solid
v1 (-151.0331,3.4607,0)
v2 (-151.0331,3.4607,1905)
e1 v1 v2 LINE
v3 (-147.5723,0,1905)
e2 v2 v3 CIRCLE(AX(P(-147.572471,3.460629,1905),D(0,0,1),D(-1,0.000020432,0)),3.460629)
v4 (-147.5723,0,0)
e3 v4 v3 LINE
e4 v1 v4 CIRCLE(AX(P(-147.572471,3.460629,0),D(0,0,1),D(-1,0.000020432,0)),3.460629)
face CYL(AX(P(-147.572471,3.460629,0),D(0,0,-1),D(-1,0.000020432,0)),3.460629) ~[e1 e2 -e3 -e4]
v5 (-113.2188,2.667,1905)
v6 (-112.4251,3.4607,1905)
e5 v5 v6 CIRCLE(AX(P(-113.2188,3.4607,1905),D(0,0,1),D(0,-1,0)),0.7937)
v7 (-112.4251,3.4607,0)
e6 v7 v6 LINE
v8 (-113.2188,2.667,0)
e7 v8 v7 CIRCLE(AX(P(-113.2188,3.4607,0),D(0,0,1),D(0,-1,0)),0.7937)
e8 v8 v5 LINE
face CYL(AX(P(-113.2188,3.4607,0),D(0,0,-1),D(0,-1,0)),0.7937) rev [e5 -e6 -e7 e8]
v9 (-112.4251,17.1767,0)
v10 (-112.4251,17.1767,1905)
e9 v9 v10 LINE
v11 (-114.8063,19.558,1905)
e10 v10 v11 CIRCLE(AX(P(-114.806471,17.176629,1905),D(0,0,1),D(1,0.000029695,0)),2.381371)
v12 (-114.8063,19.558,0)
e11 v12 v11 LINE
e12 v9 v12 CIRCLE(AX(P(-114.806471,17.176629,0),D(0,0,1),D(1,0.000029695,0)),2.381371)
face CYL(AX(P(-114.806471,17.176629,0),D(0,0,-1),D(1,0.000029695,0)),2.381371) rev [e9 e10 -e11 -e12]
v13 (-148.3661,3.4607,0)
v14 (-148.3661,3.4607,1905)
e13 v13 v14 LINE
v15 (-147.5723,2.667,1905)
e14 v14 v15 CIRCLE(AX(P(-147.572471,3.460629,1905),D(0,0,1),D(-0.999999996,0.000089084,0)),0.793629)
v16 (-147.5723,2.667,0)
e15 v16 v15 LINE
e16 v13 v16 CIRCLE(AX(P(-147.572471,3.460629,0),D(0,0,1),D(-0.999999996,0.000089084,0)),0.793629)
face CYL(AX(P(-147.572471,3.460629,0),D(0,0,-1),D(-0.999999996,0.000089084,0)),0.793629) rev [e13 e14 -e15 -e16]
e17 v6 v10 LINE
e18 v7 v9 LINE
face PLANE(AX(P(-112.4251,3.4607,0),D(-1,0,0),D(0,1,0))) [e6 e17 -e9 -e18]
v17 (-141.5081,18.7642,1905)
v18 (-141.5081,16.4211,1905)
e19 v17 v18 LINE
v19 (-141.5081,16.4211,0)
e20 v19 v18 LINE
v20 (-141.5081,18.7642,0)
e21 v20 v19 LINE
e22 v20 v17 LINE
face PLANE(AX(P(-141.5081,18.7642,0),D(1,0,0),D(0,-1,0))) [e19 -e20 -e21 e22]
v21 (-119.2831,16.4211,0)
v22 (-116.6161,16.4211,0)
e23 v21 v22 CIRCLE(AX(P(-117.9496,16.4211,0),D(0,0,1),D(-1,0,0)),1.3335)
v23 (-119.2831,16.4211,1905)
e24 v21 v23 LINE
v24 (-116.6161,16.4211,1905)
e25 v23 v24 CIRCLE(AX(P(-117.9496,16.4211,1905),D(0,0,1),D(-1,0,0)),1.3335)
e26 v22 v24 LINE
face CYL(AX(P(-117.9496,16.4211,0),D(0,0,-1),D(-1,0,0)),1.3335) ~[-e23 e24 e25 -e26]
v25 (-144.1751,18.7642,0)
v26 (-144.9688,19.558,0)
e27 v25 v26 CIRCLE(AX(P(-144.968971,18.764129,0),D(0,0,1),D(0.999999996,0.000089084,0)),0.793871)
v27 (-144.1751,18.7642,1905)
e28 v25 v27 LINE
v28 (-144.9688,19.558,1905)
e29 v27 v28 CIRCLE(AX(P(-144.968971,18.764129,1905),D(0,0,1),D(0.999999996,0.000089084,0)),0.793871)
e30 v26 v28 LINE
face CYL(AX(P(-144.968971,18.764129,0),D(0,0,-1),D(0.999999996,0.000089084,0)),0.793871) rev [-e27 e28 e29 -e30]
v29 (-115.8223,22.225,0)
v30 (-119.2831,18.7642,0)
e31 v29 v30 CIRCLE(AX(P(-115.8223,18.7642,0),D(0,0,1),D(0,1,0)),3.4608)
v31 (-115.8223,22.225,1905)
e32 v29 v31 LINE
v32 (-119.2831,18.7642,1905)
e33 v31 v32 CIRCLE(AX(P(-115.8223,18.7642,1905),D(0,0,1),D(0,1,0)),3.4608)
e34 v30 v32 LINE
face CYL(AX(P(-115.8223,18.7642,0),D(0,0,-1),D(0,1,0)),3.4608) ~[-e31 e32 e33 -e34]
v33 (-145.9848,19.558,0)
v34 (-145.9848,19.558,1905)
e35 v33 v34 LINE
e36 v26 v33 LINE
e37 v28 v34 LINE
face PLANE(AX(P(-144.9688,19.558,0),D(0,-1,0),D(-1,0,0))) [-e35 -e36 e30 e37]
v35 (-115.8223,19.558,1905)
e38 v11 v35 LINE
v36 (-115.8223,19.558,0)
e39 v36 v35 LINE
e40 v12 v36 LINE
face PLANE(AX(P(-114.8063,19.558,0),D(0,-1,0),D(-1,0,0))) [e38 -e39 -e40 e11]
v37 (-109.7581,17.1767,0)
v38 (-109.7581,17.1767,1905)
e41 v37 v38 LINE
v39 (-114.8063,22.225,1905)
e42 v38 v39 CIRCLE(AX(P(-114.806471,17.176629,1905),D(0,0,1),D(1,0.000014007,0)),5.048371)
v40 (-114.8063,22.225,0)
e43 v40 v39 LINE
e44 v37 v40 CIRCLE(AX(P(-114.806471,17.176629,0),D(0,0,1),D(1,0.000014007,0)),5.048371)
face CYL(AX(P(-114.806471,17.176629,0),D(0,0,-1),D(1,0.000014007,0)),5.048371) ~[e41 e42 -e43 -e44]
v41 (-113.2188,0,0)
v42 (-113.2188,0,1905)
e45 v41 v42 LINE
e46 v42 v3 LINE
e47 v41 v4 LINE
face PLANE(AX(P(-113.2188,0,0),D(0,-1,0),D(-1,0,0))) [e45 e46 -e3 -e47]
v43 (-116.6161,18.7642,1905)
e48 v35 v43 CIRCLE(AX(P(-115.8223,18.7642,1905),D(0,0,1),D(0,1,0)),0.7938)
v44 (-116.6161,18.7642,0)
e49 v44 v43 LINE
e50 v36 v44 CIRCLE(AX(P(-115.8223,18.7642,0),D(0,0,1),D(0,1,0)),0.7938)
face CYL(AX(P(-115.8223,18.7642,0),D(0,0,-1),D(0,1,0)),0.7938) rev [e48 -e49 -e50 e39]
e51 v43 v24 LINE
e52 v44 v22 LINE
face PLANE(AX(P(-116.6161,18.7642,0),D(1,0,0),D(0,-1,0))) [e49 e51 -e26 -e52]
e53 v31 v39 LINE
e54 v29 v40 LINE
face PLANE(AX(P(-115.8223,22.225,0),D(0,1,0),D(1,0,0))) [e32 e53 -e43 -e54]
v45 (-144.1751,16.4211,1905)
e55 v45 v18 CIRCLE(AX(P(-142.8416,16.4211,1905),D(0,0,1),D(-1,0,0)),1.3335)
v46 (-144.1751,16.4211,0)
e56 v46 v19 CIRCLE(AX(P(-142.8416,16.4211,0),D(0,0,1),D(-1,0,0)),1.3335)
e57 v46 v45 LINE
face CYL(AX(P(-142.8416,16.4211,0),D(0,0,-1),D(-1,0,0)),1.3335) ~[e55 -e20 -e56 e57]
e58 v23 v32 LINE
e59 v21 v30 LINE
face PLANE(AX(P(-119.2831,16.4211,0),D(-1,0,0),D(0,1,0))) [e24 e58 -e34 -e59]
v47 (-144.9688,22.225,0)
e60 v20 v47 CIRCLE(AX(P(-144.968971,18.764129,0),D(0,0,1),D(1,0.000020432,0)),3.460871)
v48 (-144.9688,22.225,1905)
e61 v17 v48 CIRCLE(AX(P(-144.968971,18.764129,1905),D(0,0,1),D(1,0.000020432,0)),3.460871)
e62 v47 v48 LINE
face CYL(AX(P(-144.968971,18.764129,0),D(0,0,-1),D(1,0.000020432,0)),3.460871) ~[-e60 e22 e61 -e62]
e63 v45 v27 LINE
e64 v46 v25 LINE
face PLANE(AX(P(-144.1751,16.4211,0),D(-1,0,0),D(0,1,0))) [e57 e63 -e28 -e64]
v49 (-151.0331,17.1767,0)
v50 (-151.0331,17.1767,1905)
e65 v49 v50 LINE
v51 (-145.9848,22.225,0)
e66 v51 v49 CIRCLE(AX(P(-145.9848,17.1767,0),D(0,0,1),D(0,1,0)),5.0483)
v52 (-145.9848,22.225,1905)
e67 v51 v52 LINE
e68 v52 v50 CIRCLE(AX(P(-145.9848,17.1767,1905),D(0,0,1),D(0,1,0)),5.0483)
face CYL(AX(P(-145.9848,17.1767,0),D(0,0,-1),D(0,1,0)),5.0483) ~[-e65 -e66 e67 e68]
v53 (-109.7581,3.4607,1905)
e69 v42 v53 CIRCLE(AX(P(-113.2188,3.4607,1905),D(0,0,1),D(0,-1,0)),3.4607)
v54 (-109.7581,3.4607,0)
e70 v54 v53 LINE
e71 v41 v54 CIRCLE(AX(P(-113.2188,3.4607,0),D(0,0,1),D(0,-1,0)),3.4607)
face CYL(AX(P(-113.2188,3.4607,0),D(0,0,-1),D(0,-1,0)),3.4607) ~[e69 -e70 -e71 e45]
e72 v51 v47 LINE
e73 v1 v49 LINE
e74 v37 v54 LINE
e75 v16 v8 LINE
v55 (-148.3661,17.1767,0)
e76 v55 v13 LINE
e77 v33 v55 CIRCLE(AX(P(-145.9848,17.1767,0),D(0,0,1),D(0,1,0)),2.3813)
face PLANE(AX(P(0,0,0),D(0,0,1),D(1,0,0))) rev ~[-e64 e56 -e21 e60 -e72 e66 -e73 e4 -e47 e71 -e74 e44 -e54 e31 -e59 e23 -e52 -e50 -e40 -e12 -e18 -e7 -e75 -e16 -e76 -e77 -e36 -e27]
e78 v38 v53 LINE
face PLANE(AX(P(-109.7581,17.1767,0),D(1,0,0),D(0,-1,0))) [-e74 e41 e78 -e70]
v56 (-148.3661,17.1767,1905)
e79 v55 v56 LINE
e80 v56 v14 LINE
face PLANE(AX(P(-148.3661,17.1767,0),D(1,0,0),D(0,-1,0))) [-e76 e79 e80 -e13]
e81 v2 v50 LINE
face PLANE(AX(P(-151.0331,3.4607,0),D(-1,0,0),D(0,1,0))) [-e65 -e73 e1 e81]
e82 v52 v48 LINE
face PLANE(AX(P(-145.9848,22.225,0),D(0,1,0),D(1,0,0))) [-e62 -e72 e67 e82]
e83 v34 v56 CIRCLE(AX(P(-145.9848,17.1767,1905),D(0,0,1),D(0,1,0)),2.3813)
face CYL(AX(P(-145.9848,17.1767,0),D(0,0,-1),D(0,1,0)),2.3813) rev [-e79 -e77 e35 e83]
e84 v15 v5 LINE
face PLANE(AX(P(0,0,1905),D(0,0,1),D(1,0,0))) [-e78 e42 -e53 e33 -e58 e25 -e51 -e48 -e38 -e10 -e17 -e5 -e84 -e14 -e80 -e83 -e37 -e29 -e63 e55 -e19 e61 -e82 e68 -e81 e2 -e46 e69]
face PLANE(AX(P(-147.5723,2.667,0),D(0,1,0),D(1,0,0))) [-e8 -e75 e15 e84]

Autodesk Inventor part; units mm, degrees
ref_plane "YZ Plane" through (0, 0, 0) normal (1, 0, 0) x (0, 1, 0)
ref_plane "XZ Plane" through (0, 0, 0) normal (0, 1, 0) x (-1, 0, 0)
ref_plane "Work Plane1" through (0, 0, 0) normal (0, 0, 1) x (1, 0, 0)
sketch "Sketch1" plane through (0, 0, 0) normal (0, 0, 1) x (1, 0, 0)
  arc A0 (-113.2188, 0) -> (-109.7581, 3.4607) centre (-113.2188, 3.4607) ccw projected
  line L0 (-109.7581, 17.1767) -> (-109.7581, 3.4607) projected
  arc A1 (-109.7581, 17.1767) -> (-114.8063, 22.225) centre (-114.8063, 17.1767) ccw projected
  line L1 (-115.8223, 22.225) -> (-114.8063, 22.225) projected
  arc A2 (-115.8223, 22.225) -> (-119.2831, 18.7642) centre (-115.8223, 18.7642) ccw projected
  line L2 (-119.2831, 16.4211) -> (-119.2831, 18.7642) projected
  arc A3 (-119.2831, 16.4211) -> (-116.6161, 16.4211) centre (-117.9496, 16.4211) ccw projected
  line L3 (-116.6161, 18.7642) -> (-116.6161, 16.4211) projected
  arc A4 (-115.8223, 19.558) -> (-116.6161, 18.7642) centre (-115.8223, 18.7642) ccw projected
  line L4 (-114.8063, 19.558) -> (-115.8223, 19.558) projected
  arc A5 (-112.4251, 17.1767) -> (-114.8063, 19.558) centre (-114.8063, 17.1767) ccw projected
  line L5 (-112.4251, 3.4607) -> (-112.4251, 17.1767) projected
  arc A6 (-113.2188, 2.667) -> (-112.4251, 3.4607) centre (-113.2188, 3.4607) ccw projected
  line L6 (-147.5723, 2.667) -> (-113.2188, 2.667) projected
  arc A7 (-148.3661, 3.4607) -> (-147.5723, 2.667) centre (-147.5723, 3.4607) ccw projected
  line L7 (-148.3661, 17.1767) -> (-148.3661, 3.4607) projected
  arc A8 (-145.9848, 19.558) -> (-148.3661, 17.1767) centre (-145.9848, 17.1767) ccw projected
  line L8 (-144.9688, 19.558) -> (-145.9848, 19.558) projected
  arc A9 (-144.1751, 18.7642) -> (-144.9688, 19.558) centre (-144.9688, 18.7642) ccw projected
  line L9 (-144.1751, 16.4211) -> (-144.1751, 18.7642) projected
  arc A10 (-144.1751, 16.4211) -> (-141.5081, 16.4211) centre (-142.8416, 16.4211) ccw projected
  line L10 (-141.5081, 18.7642) -> (-141.5081, 16.4211) projected
  arc A11 (-141.5081, 18.7642) -> (-144.9688, 22.225) centre (-144.9688, 18.7642) ccw projected
  line L11 (-145.9848, 22.225) -> (-144.9688, 22.225) projected
  arc A12 (-145.9848, 22.225) -> (-151.0331, 17.1767) centre (-145.9848, 17.1767) ccw projected
  line L12 (-151.0331, 3.4607) -> (-151.0331, 17.1767) projected
  arc A13 (-151.0331, 3.4607) -> (-147.5723, 0) centre (-147.5723, 3.4607) ccw projected
  line L13 (-113.2188, 0) -> (-147.5723, 0) projected
  point P0 (0, 0)
extrude "Extrusion1" add sketch "Sketch1" along normal blind 1905
properties part number "Unistrut 75"
